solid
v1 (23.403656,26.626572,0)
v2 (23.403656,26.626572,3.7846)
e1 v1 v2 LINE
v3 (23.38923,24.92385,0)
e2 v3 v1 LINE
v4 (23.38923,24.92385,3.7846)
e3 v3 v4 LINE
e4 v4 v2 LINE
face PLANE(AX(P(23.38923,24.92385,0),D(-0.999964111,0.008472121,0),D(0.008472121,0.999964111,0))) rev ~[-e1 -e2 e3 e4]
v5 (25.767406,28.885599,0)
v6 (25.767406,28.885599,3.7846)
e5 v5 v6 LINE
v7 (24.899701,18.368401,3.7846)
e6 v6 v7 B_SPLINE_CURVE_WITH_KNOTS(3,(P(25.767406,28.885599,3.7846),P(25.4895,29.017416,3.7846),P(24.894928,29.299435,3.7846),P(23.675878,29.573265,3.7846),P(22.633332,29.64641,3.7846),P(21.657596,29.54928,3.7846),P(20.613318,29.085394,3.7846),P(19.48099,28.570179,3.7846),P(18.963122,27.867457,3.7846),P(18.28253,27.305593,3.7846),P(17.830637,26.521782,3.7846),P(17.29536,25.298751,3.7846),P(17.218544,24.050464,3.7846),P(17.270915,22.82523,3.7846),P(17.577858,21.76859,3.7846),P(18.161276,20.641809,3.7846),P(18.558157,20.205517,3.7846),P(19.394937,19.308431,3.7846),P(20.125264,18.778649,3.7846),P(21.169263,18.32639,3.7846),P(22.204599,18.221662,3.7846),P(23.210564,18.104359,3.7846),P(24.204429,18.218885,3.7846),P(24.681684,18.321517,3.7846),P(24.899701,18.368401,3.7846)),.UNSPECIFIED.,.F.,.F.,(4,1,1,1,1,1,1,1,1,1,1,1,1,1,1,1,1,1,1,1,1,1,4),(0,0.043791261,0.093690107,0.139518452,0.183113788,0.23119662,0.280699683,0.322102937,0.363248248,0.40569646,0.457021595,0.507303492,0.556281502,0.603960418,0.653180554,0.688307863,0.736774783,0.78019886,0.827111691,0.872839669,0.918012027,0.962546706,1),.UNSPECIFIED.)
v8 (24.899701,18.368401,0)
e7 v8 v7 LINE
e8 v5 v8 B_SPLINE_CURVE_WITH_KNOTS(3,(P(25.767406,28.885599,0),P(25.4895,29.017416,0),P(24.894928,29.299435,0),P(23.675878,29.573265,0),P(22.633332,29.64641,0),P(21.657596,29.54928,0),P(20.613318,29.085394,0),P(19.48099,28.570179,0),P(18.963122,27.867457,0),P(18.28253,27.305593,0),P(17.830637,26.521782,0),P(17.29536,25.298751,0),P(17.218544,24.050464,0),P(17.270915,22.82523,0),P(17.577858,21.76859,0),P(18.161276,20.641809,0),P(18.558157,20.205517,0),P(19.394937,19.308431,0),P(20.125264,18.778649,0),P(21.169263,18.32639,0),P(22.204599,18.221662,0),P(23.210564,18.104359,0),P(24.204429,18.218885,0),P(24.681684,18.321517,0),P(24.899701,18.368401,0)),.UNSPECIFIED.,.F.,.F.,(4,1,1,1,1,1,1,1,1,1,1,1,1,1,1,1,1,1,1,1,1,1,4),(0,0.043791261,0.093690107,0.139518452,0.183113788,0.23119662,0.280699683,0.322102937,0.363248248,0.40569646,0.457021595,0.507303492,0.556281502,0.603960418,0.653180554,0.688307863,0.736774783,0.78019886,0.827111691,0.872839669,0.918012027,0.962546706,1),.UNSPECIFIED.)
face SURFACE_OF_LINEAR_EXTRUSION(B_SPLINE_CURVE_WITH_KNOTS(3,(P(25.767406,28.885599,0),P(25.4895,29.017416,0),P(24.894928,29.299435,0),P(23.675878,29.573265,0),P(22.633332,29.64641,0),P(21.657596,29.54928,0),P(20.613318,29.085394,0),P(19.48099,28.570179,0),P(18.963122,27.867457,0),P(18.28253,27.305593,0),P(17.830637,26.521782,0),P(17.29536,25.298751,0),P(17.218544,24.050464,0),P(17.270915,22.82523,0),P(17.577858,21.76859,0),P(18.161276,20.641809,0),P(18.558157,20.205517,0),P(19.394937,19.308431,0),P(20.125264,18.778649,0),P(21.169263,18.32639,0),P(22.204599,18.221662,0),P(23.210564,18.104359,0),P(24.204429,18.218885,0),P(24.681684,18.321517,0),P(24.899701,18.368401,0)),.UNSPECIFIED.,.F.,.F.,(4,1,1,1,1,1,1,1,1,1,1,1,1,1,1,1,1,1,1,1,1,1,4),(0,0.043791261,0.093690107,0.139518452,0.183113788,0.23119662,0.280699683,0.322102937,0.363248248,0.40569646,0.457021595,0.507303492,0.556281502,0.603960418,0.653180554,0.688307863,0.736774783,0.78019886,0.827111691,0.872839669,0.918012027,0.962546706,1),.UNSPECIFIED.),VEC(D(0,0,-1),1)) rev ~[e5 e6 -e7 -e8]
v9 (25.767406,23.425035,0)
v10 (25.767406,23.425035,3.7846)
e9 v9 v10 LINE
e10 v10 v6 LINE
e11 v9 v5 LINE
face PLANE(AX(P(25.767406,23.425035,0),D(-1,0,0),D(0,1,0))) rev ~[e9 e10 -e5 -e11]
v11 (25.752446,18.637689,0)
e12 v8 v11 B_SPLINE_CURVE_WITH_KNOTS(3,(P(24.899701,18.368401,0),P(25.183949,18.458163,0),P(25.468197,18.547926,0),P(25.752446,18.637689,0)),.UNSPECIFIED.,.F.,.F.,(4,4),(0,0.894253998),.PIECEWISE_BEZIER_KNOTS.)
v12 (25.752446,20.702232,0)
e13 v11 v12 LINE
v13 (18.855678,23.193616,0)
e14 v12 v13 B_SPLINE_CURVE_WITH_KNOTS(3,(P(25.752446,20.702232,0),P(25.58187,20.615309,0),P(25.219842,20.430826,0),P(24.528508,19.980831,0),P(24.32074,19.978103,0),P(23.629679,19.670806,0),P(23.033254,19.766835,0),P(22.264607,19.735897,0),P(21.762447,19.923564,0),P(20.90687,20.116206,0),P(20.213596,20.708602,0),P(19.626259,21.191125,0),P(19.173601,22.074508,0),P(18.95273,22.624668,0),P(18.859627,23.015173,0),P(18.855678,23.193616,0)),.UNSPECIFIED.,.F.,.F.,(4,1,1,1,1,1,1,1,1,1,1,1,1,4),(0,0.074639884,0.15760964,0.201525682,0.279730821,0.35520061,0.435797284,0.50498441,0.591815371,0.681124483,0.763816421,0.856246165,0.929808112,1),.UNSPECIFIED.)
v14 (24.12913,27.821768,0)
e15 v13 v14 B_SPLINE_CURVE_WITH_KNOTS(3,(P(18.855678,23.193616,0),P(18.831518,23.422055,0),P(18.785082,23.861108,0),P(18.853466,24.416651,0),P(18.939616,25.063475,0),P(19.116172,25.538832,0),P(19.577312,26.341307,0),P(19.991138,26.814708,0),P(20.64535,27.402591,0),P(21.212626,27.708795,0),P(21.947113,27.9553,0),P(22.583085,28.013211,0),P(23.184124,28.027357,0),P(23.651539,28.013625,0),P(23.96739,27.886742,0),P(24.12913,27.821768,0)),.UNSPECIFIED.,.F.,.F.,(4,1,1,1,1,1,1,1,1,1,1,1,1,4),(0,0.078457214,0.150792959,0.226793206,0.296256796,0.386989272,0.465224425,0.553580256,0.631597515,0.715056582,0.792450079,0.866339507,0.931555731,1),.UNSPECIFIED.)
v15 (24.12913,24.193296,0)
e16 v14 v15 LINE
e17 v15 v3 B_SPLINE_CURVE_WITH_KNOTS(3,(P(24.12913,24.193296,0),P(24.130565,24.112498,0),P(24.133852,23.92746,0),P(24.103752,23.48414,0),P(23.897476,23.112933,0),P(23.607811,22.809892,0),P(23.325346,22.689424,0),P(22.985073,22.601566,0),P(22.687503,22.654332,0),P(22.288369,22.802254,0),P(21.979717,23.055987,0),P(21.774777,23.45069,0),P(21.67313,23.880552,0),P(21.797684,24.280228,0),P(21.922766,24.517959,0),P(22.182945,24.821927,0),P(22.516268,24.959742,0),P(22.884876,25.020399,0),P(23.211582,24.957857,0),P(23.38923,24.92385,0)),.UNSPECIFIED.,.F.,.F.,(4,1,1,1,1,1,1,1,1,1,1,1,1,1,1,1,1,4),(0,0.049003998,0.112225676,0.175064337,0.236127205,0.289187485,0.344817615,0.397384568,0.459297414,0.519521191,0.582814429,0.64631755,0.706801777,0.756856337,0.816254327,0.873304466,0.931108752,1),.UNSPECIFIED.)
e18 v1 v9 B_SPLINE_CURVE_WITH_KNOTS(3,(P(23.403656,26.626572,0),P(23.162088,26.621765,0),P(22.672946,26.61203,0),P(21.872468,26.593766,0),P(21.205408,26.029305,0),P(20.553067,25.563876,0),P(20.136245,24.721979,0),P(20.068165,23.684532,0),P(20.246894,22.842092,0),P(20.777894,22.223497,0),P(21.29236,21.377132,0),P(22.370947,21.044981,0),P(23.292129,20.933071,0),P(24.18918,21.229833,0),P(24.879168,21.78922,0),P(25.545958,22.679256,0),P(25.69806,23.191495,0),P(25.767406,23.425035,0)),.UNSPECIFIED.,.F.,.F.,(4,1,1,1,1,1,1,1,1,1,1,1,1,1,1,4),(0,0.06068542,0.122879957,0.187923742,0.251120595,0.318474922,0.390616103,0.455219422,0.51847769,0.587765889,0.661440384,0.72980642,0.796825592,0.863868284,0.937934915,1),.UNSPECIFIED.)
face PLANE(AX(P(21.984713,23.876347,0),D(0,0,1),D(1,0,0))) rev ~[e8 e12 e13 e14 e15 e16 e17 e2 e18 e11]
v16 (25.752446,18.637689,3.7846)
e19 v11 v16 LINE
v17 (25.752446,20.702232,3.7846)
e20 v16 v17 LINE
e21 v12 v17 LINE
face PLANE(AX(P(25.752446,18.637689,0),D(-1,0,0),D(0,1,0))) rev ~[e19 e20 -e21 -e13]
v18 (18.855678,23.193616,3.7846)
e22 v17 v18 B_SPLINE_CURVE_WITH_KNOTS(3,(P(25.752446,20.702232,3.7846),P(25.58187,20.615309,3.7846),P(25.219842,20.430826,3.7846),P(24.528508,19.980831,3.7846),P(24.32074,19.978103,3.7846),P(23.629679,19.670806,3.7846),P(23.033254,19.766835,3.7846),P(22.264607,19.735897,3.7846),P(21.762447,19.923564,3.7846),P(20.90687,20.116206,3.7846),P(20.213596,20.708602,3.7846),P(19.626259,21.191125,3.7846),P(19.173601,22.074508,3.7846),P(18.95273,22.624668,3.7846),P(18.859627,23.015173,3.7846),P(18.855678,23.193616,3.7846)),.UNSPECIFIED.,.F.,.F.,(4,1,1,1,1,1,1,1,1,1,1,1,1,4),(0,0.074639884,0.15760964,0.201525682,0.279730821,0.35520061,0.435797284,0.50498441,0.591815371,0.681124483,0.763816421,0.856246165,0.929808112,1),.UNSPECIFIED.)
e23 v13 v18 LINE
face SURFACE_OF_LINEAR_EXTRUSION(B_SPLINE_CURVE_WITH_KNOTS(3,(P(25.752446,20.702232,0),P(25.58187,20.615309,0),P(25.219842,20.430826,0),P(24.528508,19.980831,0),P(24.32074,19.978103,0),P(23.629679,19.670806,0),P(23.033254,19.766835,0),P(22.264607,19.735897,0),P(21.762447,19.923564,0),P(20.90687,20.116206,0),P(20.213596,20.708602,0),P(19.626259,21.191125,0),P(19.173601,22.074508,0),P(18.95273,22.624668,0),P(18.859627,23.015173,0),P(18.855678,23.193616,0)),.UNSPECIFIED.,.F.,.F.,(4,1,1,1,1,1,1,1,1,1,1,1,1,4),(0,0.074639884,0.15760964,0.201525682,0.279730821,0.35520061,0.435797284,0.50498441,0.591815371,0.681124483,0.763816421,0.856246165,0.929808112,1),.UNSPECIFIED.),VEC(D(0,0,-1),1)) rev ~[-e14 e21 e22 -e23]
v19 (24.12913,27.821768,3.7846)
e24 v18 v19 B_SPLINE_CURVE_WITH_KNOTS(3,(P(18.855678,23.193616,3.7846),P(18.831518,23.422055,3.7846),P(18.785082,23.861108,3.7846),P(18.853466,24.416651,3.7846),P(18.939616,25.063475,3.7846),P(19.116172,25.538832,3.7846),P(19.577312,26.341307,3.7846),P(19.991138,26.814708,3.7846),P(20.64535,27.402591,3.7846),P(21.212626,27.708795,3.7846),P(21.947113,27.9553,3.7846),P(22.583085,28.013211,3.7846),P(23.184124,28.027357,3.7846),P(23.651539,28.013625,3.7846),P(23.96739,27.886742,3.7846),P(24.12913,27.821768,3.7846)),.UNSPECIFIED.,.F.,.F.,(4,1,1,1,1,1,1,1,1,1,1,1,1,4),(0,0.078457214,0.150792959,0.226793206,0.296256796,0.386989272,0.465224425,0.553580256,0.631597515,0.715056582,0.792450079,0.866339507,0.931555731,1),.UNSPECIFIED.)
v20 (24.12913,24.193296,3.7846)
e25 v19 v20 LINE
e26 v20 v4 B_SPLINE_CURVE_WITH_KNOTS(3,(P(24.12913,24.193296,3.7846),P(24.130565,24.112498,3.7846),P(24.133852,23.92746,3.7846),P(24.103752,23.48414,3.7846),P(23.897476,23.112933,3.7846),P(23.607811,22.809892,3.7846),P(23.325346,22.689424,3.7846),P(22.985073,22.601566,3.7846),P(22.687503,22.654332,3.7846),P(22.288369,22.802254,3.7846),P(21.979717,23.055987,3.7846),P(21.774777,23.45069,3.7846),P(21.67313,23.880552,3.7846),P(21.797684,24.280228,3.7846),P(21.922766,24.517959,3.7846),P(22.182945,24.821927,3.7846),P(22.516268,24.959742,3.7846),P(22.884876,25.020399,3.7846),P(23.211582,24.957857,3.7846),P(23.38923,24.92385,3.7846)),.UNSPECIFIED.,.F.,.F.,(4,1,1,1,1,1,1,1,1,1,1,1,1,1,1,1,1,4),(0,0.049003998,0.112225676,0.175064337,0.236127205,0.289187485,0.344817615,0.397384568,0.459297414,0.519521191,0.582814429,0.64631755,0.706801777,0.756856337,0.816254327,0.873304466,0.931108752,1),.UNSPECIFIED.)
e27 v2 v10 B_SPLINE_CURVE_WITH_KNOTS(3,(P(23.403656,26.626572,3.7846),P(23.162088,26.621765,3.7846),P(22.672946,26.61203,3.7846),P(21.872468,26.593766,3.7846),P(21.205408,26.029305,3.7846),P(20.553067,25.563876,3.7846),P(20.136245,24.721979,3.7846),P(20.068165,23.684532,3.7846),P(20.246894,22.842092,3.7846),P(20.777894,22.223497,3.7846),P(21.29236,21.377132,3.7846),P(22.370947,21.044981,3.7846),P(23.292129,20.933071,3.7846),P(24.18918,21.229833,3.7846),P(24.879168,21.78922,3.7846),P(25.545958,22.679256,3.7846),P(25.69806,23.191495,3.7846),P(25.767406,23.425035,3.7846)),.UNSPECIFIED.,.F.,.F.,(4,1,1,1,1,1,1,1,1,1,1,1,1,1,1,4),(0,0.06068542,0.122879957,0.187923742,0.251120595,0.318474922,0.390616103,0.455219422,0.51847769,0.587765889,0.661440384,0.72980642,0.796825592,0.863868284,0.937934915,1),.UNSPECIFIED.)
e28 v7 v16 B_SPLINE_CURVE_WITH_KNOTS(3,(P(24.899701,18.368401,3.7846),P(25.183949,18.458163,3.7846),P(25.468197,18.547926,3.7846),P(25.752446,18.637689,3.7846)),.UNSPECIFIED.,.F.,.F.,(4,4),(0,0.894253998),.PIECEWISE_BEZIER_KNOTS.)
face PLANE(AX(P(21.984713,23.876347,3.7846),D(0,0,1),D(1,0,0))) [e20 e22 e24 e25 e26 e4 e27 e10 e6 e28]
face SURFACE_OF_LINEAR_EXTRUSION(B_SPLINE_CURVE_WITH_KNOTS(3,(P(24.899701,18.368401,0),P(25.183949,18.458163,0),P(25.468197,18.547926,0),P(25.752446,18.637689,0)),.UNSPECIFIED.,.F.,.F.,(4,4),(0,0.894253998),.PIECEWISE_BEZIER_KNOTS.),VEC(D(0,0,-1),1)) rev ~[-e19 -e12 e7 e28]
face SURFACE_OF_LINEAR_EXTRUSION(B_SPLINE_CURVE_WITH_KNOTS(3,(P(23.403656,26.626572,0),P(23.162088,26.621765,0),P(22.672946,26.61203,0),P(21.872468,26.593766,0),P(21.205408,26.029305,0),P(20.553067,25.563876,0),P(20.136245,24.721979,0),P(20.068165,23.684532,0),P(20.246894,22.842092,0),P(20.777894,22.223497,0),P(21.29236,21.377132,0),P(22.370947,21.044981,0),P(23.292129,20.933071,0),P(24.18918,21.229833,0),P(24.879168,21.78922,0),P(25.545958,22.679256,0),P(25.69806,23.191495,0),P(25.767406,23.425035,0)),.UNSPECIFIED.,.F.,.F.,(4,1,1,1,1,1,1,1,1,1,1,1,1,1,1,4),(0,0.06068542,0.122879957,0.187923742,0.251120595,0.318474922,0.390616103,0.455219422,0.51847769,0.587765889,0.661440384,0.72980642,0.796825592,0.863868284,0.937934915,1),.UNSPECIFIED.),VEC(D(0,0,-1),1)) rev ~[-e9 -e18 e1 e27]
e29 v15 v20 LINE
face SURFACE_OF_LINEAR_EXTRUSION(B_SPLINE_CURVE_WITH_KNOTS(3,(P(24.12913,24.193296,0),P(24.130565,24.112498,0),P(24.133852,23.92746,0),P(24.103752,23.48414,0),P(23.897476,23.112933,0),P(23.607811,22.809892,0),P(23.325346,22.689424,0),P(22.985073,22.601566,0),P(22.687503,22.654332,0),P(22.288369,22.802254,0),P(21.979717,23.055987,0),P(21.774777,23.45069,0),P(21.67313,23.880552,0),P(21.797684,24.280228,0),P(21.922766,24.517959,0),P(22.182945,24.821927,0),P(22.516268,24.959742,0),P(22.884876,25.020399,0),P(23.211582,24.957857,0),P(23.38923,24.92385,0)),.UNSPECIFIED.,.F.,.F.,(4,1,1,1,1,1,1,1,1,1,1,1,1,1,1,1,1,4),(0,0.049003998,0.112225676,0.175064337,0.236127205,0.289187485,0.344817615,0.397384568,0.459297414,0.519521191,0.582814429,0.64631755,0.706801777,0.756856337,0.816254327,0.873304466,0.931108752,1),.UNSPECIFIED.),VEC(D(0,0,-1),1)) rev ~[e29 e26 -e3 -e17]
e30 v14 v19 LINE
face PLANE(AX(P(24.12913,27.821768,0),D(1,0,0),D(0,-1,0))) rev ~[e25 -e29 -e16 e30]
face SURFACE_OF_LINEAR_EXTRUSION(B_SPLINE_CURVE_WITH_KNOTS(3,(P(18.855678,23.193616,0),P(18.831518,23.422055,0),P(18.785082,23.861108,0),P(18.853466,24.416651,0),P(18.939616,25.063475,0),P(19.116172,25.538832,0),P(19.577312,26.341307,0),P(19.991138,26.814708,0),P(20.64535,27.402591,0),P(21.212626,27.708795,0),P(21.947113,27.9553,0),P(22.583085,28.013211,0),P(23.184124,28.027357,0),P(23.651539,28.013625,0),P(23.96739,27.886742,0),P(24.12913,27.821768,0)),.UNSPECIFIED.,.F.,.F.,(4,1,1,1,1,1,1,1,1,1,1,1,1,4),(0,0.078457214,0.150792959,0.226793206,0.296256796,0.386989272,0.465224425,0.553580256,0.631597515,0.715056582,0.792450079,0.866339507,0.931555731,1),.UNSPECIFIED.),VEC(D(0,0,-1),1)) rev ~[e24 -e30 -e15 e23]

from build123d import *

# Parameters (mm, degrees)
F1_DEPTH = 3.7846


with BuildPart() as f1:
    # F0 (on Top) → F1 (new body)
    with BuildSketch(Plane.XY):
        with BuildLine():
            Line((23.389229551, 24.9238498509), (23.4036557376, 26.6265720129))
            add(Edge.make_bspline(
                [(23.4036557376, 26.6265720129), (23.1620881071, 26.6217645965), (22.6729455749, 26.6120302136), (21.8724675497, 26.5937664452), (21.2054083802, 26.029304716), (20.5530668667, 25.5638755763), (20.1362450914, 24.721979279), (20.0681646182, 23.6845315734), (20.2468938689, 22.8420918689), (20.7778944257, 22.2234973792), (21.2923604404, 21.3771323033), (22.3709466473, 21.044980876), (23.2921294982, 20.9330707021), (24.1891802735, 21.2298332191), (24.8791679075, 21.7892196563), (25.5459582277, 22.6792562936), (25.6980602097, 23.1914954349), (25.7674064487, 23.4250351787)],
                knots=[0, 0, 0, 0, 0.06068542, 0.1228799568, 0.1879237424, 0.2511205946, 0.3184749216, 0.3906161034, 0.4552194221, 0.5184776897, 0.5877658892, 0.6614403836, 0.7298064205, 0.7968255921, 0.863868284, 0.9379349146, 1, 1, 1, 1], degree=3))
            Line((25.7674064487, 23.4250351787), (25.7674064487, 28.8855992258))
            add(Edge.make_bspline(
                [(25.7674064487, 28.8855992258), (25.4895001711, 29.0174161901), (24.8949279117, 29.2994346857), (23.6758779608, 29.5732654091), (22.6333320587, 29.6464097499), (21.6575957773, 29.5492803193), (20.6133175541, 29.0853940954), (19.4809899899, 28.5701790893), (18.9631220763, 27.8674566013), (18.2825299275, 27.3055934879), (17.8306373771, 26.5217817875), (17.2953599858, 25.2987505848), (17.2185443447, 24.0504635435), (17.2709145733, 22.8252303822), (17.5778575563, 21.7685903001), (18.1612755322, 20.641808614), (18.5581571476, 20.2055165386), (19.3949372702, 19.3084310213), (20.1252640219, 18.7786485824), (21.1692627246, 18.3263903792), (22.2045985393, 18.2216615533), (23.2105640141, 18.1043589909), (24.2044288802, 18.2188852322), (24.6816837285, 18.3215169692), (24.8997006565, 18.3684006333)],
                knots=[0, 0, 0, 0, 0.0437912606, 0.0936901066, 0.1395184517, 0.183113788, 0.2311966198, 0.2806996832, 0.3221029367, 0.3632482483, 0.4056964603, 0.4570215945, 0.5073034917, 0.5562815022, 0.6039604176, 0.6531805544, 0.6883078627, 0.7367747833, 0.7801988598, 0.8271116912, 0.8728396685, 0.9180120266, 0.9625467061, 1, 1, 1, 1], degree=3))
            add(Edge.make_bspline(
                [(24.8997006565, 18.3684006333), (25.1839489986, 18.4581633657), (25.4681973408, 18.5479260981), (25.7524456829, 18.6376888305)],
                knots=[0, 0, 0, 0, 0.8942539981, 0.8942539981, 0.8942539981, 0.8942539981], degree=3))
            Line((25.7524456829, 18.6376888305), (25.7524456829, 20.7022316754))
            add(Edge.make_bspline(
                [(25.7524456829, 20.7022316754), (25.5818695478, 20.6153091753), (25.2198415435, 20.4308262925), (24.5285080743, 19.9808312722), (24.3207403399, 19.9781030834), (23.629679074, 19.6708064491), (23.0332535938, 19.7668348223), (22.2646073484, 19.7358968351), (21.7624471569, 19.9235637198), (20.9068697022, 20.1162059435), (20.2135959196, 20.708602205), (19.6262587802, 21.1911246059), (19.1736007718, 22.0745075635), (18.952730486, 22.6246680906), (18.8596265703, 23.0151732963), (18.8556779176, 23.19361642)],
                knots=[0, 0, 0, 0, 0.0746398843, 0.1576096398, 0.201525682, 0.2797308207, 0.3552006096, 0.4357972839, 0.5049844105, 0.591815371, 0.6811244828, 0.7638164206, 0.8562461655, 0.9298081122, 1, 1, 1, 1], degree=3))
            add(Edge.make_bspline(
                [(18.8556779176, 23.19361642), (18.8315175769, 23.4220546796), (18.7850819583, 23.8611077561), (18.8534664096, 24.4166509714), (18.9396163024, 25.0634753292), (19.1161719487, 25.5388315432), (19.5773118587, 26.3413072444), (19.9911376607, 26.8147082681), (20.6453504111, 27.402591076), (21.2126263194, 27.7087952011), (21.947112989, 27.9553001338), (22.5830852505, 28.0132105039), (23.1841238474, 28.0273569915), (23.6515387542, 28.0136249065), (23.9673901647, 27.8867418069), (24.1291299462, 27.8217680752)],
                knots=[0, 0, 0, 0, 0.078457214, 0.1507929592, 0.2267932061, 0.2962567959, 0.3869892718, 0.4652244255, 0.5535802557, 0.631597515, 0.7150565824, 0.7924500793, 0.8663395069, 0.9315557308, 1, 1, 1, 1], degree=3))
            Line((24.1291299462, 27.8217680752), (24.1291299462, 24.193296209))
            add(Edge.make_bspline(
                [(24.1291299462, 24.193296209), (24.1305652089, 24.1124982985), (24.1338521514, 23.9274603306), (24.1037522413, 23.4841399698), (23.8974756361, 23.1129332849), (23.6078108026, 22.8098917127), (23.3253456407, 22.6894236012), (22.9850730509, 22.6015664326), (22.687503101, 22.6543315779), (22.2883694923, 22.8022537366), (21.9797168439, 23.0559865764), (21.7747772295, 23.4506898067), (21.6731295637, 23.8805522025), (21.7976839346, 24.2802280141), (21.9227655937, 24.5179587438), (22.1829451288, 24.8219267081), (22.5162683823, 24.9597419425), (22.8848764597, 25.0203987358), (23.2115819951, 24.9578571242), (23.389229551, 24.9238498509)],
                knots=[0, 0, 0, 0, 0.0490039975, 0.1122256758, 0.1750643365, 0.2361272051, 0.289187485, 0.3448176147, 0.3973845678, 0.4592974142, 0.5195211907, 0.5828144289, 0.6463175498, 0.7068017771, 0.7568563366, 0.8162543274, 0.8733044657, 0.9311087522, 1, 1, 1, 1], degree=3))
        make_face()
    extrude(amount=F1_DEPTH)


solid = f1.part
